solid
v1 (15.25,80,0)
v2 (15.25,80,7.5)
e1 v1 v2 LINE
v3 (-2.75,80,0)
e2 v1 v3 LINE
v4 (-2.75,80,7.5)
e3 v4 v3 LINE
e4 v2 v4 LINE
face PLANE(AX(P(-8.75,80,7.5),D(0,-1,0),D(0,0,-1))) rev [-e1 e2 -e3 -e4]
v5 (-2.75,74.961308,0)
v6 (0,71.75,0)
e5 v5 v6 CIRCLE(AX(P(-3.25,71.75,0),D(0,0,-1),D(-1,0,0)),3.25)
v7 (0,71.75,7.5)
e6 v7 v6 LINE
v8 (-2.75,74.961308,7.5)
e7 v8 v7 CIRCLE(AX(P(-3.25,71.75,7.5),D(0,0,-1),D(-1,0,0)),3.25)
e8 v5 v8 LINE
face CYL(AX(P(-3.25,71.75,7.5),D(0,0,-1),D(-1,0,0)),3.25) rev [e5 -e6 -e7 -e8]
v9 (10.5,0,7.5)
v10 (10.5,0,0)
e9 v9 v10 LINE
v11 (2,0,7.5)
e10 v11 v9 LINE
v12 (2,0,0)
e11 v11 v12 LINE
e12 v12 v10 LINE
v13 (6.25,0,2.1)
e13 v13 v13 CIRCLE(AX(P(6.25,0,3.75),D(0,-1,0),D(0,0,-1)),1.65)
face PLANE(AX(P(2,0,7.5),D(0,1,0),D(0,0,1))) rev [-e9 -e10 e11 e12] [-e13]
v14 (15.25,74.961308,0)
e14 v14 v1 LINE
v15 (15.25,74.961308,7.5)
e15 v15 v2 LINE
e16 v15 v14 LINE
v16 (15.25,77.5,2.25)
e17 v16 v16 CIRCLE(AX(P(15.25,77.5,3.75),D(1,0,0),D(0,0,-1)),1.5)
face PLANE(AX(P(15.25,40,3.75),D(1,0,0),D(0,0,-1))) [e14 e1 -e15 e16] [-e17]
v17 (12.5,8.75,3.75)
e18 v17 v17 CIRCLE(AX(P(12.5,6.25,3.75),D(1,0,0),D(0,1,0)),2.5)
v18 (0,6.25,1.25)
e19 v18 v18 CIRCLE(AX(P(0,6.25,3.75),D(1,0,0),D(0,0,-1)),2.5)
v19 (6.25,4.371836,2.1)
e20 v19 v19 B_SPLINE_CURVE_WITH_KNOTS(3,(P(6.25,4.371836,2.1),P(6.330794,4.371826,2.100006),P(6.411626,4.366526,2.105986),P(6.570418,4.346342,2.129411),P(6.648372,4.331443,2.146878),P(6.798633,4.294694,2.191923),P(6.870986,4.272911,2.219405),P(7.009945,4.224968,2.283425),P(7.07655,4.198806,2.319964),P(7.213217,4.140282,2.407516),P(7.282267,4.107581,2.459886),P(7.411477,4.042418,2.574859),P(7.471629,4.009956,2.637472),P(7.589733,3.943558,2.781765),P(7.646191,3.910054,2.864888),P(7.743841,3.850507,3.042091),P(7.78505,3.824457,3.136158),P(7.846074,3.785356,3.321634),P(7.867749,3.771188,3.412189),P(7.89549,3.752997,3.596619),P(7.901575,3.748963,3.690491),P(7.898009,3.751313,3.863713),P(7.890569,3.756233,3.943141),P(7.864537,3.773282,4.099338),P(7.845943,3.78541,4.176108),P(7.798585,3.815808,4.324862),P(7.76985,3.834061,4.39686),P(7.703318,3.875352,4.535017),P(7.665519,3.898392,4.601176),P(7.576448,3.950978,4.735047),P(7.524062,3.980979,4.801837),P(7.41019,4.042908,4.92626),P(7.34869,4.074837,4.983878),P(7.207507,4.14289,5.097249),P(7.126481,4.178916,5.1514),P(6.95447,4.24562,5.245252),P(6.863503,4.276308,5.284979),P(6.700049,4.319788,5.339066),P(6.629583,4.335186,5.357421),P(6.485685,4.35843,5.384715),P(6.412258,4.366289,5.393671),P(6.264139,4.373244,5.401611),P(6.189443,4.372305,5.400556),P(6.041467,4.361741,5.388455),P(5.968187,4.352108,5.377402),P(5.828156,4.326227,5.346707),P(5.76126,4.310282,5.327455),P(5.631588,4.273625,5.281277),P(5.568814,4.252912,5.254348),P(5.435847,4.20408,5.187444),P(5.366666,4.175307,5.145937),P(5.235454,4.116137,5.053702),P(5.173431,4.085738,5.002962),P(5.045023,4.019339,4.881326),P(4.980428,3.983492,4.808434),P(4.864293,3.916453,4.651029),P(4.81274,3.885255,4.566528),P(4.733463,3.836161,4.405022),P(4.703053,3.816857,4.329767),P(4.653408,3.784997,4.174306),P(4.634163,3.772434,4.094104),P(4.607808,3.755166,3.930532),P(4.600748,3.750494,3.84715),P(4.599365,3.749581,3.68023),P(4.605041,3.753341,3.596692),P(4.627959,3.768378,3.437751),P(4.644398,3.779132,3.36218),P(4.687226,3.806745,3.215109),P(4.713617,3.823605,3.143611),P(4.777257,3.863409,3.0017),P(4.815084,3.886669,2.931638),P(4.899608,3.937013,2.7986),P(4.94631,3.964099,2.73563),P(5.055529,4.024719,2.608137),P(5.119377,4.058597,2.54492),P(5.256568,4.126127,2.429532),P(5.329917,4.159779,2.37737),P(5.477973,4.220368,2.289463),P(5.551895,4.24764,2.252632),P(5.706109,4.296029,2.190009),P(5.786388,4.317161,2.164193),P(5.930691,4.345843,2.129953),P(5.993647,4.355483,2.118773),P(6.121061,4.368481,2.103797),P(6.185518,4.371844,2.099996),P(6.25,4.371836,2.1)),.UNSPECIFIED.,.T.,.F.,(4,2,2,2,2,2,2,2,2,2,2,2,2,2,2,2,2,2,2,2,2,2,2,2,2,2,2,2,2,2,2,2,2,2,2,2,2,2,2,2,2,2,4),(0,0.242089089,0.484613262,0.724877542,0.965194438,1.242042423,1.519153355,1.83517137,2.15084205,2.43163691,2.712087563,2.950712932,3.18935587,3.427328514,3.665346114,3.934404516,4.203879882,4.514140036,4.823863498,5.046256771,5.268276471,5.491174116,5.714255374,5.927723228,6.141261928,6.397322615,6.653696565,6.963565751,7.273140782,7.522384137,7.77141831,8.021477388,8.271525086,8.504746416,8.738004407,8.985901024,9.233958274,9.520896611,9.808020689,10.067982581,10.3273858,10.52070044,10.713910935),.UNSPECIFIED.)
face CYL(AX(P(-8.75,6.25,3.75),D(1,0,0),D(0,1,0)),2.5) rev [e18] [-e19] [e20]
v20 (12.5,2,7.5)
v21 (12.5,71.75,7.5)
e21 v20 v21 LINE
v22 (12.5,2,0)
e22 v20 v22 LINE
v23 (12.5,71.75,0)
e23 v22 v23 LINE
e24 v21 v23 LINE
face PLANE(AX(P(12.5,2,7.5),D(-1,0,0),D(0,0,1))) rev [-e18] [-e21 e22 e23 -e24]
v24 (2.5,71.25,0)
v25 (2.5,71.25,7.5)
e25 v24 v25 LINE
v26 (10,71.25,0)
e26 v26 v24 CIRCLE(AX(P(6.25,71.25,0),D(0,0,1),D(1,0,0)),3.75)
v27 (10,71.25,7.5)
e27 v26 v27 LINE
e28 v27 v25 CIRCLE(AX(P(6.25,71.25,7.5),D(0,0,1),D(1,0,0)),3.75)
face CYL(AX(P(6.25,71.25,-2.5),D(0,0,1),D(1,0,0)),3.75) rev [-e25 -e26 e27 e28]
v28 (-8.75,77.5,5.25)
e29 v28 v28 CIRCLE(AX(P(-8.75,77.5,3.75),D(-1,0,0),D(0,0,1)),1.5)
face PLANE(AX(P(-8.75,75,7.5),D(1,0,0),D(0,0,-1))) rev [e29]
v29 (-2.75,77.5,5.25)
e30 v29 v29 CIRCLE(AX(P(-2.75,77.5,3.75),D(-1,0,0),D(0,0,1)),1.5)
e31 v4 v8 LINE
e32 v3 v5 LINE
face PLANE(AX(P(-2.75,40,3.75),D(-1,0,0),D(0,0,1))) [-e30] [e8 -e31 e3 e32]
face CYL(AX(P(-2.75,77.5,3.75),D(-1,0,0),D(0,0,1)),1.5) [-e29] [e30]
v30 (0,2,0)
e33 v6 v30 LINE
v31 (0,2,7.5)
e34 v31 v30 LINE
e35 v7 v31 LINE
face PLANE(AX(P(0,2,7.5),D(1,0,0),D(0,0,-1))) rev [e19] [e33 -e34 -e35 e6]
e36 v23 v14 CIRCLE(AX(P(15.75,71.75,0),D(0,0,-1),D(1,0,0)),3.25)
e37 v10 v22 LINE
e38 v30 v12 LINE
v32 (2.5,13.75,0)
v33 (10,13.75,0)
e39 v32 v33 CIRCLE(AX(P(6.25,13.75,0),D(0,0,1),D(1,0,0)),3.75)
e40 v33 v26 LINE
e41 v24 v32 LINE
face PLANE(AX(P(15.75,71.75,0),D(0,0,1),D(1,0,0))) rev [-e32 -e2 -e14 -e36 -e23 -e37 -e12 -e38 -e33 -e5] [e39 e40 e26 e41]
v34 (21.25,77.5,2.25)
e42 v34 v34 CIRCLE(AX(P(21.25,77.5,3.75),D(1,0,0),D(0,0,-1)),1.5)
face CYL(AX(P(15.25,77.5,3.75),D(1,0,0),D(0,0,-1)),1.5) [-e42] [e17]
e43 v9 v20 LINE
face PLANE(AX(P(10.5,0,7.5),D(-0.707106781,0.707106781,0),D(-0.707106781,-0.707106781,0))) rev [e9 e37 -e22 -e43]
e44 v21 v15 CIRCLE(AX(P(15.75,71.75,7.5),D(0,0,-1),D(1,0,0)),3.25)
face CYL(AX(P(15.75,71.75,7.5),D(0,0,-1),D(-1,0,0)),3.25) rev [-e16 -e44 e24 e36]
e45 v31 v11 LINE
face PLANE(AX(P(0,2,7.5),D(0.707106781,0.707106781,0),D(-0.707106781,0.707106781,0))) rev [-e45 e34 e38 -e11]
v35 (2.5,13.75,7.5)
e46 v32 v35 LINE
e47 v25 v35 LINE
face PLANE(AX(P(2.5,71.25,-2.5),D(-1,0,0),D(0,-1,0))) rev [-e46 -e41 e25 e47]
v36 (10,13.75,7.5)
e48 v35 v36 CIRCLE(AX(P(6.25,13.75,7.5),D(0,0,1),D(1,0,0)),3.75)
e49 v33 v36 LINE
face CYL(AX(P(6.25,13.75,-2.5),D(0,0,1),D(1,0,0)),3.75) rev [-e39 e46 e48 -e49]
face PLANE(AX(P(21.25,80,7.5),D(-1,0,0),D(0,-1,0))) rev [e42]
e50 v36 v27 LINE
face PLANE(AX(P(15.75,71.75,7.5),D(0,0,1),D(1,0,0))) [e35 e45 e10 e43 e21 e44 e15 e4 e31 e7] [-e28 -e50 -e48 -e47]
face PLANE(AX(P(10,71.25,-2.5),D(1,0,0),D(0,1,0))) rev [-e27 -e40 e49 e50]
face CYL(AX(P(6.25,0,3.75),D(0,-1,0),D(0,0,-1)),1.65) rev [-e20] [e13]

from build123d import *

# Parameters (mm, degrees)
AUFSATZ_LINEAR_AUSTRAGEN1_DEPTH = 7.5
SCHNITT_LINEAR_AUSTRAGEN1_DEPTH = 10
SKIZZE7_R                       = 2.5
SCHNITT_LINEAR_AUSTRAGEN4_DEPTH = 84.113251049
M4_GEWINDEBOHRUNG1_D            = 3.3
M4_GEWINDEBOHRUNG1_DEPTH        = 7.5
M4_GEWINDEBOHRUNG1_TIP          = 0.991420021
SKIZZE9_OUTSIDE_W               = 26.654
SKIZZE9_OUTSIDE_H               = 99.154
SKIZZE9_OUTSIDE_R               = 1.5
SCHNITT_LINEAR_AUSTRAGEN5_DEPTH = 6
SKIZZE10_OUTSIDE_W              = 26.654
SKIZZE10_OUTSIDE_H              = 99.154
SKIZZE10_OUTSIDE_R              = 1.5
SCHNITT_LINEAR_AUSTRAGEN6_DEPTH = 6


with BuildPart() as part:
    # Skizze1 → Aufsatz-Linear austragen1 (new body)
    with BuildSketch(Plane.XY):
        with BuildLine():
            Line((-8.75, 75), (-3.25, 75))
            ThreePointArc((-3.25, 75), (-0.951902961, 74.048097039), (0, 71.75))
            Line((0, 71.75), (0, 2))
            Line((0, 2), (2, 0))
            Line((2, 0), (10.5, 0))
            Line((10.5, 0), (12.5, 2))
            Line((12.5, 2), (12.5, 71.75))
            ThreePointArc((12.5, 71.75), (13.451902961, 74.048097039), (15.75, 75))
            Line((15.75, 75), (21.25, 75))
            Line((21.25, 75), (21.25, 80))
            Line((21.25, 80), (-8.75, 80))
            Line((-8.75, 80), (-8.75, 75))
        make_face()
    extrude(amount=AUFSATZ_LINEAR_AUSTRAGEN1_DEPTH)

    # Skizze2 → Schnitt-Linear austragen1 (cut)
    with BuildSketch(Plane.XY.offset(7.5)):
        with BuildLine():
            Line((10, 71.25), (10, 13.75))
            ThreePointArc((10, 13.75), (6.25, 10), (2.5, 13.75))
            Line((2.5, 13.75), (2.5, 71.25))
            ThreePointArc((2.5, 71.25), (6.25, 75), (10, 71.25))
        make_face()
    extrude(amount=-SCHNITT_LINEAR_AUSTRAGEN1_DEPTH, mode=Mode.SUBTRACT)

    # Skizze7 → Schnitt-Linear austragen4 (cut, through all)
    with BuildSketch(Plane(origin=(12.5, 0, 0), x_dir=(0, 0, -1), z_dir=(1, 0, 0))):
        with Locations(Location((-3.75, 6.25, 0), (0, 0, 90))):
            Circle(SKIZZE7_R)
    extrude(amount=-SCHNITT_LINEAR_AUSTRAGEN4_DEPTH, mode=Mode.SUBTRACT)

    # M4 Gewindebohrung1
    with Locations(Plane(origin=(6.25, 0, 3.75), x_dir=(0, 0, -1), z_dir=(0, -1, 0))):
        with Locations((0, 0)):
            Hole(M4_GEWINDEBOHRUNG1_D / 2, depth=M4_GEWINDEBOHRUNG1_DEPTH)
            with Locations((0, 0, -(M4_GEWINDEBOHRUNG1_DEPTH + M4_GEWINDEBOHRUNG1_TIP / 2))):  # 118° drill point
                Cone(0, M4_GEWINDEBOHRUNG1_D / 2, M4_GEWINDEBOHRUNG1_TIP, mode=Mode.SUBTRACT)

    # Skizze9 outside → Schnitt-Linear austragen5 (cut)
    with BuildSketch(Plane(origin=(21.25, 0, 0), x_dir=(0, 0, -1), z_dir=(1, 0, 0))):
        with Locations((-3.75, 40)):
            Rectangle(SKIZZE9_OUTSIDE_W, SKIZZE9_OUTSIDE_H)
        with Locations((-3.75, 77.5)):
            Circle(SKIZZE9_OUTSIDE_R, mode=Mode.SUBTRACT)
    extrude(amount=-SCHNITT_LINEAR_AUSTRAGEN5_DEPTH, mode=Mode.SUBTRACT)

    # Skizze10 outside → Schnitt-Linear austragen6 (cut)
    with BuildSketch(Plane.ZY.offset(8.75)):
        with Locations((3.75, 40)):
            Rectangle(SKIZZE10_OUTSIDE_W, SKIZZE10_OUTSIDE_H)
        with Locations(Location((3.75, 77.5, 0), (0, 0, 180))):
            Circle(SKIZZE10_OUTSIDE_R, mode=Mode.SUBTRACT)
    extrude(amount=-SCHNITT_LINEAR_AUSTRAGEN6_DEPTH, mode=Mode.SUBTRACT)


solid = part.part
